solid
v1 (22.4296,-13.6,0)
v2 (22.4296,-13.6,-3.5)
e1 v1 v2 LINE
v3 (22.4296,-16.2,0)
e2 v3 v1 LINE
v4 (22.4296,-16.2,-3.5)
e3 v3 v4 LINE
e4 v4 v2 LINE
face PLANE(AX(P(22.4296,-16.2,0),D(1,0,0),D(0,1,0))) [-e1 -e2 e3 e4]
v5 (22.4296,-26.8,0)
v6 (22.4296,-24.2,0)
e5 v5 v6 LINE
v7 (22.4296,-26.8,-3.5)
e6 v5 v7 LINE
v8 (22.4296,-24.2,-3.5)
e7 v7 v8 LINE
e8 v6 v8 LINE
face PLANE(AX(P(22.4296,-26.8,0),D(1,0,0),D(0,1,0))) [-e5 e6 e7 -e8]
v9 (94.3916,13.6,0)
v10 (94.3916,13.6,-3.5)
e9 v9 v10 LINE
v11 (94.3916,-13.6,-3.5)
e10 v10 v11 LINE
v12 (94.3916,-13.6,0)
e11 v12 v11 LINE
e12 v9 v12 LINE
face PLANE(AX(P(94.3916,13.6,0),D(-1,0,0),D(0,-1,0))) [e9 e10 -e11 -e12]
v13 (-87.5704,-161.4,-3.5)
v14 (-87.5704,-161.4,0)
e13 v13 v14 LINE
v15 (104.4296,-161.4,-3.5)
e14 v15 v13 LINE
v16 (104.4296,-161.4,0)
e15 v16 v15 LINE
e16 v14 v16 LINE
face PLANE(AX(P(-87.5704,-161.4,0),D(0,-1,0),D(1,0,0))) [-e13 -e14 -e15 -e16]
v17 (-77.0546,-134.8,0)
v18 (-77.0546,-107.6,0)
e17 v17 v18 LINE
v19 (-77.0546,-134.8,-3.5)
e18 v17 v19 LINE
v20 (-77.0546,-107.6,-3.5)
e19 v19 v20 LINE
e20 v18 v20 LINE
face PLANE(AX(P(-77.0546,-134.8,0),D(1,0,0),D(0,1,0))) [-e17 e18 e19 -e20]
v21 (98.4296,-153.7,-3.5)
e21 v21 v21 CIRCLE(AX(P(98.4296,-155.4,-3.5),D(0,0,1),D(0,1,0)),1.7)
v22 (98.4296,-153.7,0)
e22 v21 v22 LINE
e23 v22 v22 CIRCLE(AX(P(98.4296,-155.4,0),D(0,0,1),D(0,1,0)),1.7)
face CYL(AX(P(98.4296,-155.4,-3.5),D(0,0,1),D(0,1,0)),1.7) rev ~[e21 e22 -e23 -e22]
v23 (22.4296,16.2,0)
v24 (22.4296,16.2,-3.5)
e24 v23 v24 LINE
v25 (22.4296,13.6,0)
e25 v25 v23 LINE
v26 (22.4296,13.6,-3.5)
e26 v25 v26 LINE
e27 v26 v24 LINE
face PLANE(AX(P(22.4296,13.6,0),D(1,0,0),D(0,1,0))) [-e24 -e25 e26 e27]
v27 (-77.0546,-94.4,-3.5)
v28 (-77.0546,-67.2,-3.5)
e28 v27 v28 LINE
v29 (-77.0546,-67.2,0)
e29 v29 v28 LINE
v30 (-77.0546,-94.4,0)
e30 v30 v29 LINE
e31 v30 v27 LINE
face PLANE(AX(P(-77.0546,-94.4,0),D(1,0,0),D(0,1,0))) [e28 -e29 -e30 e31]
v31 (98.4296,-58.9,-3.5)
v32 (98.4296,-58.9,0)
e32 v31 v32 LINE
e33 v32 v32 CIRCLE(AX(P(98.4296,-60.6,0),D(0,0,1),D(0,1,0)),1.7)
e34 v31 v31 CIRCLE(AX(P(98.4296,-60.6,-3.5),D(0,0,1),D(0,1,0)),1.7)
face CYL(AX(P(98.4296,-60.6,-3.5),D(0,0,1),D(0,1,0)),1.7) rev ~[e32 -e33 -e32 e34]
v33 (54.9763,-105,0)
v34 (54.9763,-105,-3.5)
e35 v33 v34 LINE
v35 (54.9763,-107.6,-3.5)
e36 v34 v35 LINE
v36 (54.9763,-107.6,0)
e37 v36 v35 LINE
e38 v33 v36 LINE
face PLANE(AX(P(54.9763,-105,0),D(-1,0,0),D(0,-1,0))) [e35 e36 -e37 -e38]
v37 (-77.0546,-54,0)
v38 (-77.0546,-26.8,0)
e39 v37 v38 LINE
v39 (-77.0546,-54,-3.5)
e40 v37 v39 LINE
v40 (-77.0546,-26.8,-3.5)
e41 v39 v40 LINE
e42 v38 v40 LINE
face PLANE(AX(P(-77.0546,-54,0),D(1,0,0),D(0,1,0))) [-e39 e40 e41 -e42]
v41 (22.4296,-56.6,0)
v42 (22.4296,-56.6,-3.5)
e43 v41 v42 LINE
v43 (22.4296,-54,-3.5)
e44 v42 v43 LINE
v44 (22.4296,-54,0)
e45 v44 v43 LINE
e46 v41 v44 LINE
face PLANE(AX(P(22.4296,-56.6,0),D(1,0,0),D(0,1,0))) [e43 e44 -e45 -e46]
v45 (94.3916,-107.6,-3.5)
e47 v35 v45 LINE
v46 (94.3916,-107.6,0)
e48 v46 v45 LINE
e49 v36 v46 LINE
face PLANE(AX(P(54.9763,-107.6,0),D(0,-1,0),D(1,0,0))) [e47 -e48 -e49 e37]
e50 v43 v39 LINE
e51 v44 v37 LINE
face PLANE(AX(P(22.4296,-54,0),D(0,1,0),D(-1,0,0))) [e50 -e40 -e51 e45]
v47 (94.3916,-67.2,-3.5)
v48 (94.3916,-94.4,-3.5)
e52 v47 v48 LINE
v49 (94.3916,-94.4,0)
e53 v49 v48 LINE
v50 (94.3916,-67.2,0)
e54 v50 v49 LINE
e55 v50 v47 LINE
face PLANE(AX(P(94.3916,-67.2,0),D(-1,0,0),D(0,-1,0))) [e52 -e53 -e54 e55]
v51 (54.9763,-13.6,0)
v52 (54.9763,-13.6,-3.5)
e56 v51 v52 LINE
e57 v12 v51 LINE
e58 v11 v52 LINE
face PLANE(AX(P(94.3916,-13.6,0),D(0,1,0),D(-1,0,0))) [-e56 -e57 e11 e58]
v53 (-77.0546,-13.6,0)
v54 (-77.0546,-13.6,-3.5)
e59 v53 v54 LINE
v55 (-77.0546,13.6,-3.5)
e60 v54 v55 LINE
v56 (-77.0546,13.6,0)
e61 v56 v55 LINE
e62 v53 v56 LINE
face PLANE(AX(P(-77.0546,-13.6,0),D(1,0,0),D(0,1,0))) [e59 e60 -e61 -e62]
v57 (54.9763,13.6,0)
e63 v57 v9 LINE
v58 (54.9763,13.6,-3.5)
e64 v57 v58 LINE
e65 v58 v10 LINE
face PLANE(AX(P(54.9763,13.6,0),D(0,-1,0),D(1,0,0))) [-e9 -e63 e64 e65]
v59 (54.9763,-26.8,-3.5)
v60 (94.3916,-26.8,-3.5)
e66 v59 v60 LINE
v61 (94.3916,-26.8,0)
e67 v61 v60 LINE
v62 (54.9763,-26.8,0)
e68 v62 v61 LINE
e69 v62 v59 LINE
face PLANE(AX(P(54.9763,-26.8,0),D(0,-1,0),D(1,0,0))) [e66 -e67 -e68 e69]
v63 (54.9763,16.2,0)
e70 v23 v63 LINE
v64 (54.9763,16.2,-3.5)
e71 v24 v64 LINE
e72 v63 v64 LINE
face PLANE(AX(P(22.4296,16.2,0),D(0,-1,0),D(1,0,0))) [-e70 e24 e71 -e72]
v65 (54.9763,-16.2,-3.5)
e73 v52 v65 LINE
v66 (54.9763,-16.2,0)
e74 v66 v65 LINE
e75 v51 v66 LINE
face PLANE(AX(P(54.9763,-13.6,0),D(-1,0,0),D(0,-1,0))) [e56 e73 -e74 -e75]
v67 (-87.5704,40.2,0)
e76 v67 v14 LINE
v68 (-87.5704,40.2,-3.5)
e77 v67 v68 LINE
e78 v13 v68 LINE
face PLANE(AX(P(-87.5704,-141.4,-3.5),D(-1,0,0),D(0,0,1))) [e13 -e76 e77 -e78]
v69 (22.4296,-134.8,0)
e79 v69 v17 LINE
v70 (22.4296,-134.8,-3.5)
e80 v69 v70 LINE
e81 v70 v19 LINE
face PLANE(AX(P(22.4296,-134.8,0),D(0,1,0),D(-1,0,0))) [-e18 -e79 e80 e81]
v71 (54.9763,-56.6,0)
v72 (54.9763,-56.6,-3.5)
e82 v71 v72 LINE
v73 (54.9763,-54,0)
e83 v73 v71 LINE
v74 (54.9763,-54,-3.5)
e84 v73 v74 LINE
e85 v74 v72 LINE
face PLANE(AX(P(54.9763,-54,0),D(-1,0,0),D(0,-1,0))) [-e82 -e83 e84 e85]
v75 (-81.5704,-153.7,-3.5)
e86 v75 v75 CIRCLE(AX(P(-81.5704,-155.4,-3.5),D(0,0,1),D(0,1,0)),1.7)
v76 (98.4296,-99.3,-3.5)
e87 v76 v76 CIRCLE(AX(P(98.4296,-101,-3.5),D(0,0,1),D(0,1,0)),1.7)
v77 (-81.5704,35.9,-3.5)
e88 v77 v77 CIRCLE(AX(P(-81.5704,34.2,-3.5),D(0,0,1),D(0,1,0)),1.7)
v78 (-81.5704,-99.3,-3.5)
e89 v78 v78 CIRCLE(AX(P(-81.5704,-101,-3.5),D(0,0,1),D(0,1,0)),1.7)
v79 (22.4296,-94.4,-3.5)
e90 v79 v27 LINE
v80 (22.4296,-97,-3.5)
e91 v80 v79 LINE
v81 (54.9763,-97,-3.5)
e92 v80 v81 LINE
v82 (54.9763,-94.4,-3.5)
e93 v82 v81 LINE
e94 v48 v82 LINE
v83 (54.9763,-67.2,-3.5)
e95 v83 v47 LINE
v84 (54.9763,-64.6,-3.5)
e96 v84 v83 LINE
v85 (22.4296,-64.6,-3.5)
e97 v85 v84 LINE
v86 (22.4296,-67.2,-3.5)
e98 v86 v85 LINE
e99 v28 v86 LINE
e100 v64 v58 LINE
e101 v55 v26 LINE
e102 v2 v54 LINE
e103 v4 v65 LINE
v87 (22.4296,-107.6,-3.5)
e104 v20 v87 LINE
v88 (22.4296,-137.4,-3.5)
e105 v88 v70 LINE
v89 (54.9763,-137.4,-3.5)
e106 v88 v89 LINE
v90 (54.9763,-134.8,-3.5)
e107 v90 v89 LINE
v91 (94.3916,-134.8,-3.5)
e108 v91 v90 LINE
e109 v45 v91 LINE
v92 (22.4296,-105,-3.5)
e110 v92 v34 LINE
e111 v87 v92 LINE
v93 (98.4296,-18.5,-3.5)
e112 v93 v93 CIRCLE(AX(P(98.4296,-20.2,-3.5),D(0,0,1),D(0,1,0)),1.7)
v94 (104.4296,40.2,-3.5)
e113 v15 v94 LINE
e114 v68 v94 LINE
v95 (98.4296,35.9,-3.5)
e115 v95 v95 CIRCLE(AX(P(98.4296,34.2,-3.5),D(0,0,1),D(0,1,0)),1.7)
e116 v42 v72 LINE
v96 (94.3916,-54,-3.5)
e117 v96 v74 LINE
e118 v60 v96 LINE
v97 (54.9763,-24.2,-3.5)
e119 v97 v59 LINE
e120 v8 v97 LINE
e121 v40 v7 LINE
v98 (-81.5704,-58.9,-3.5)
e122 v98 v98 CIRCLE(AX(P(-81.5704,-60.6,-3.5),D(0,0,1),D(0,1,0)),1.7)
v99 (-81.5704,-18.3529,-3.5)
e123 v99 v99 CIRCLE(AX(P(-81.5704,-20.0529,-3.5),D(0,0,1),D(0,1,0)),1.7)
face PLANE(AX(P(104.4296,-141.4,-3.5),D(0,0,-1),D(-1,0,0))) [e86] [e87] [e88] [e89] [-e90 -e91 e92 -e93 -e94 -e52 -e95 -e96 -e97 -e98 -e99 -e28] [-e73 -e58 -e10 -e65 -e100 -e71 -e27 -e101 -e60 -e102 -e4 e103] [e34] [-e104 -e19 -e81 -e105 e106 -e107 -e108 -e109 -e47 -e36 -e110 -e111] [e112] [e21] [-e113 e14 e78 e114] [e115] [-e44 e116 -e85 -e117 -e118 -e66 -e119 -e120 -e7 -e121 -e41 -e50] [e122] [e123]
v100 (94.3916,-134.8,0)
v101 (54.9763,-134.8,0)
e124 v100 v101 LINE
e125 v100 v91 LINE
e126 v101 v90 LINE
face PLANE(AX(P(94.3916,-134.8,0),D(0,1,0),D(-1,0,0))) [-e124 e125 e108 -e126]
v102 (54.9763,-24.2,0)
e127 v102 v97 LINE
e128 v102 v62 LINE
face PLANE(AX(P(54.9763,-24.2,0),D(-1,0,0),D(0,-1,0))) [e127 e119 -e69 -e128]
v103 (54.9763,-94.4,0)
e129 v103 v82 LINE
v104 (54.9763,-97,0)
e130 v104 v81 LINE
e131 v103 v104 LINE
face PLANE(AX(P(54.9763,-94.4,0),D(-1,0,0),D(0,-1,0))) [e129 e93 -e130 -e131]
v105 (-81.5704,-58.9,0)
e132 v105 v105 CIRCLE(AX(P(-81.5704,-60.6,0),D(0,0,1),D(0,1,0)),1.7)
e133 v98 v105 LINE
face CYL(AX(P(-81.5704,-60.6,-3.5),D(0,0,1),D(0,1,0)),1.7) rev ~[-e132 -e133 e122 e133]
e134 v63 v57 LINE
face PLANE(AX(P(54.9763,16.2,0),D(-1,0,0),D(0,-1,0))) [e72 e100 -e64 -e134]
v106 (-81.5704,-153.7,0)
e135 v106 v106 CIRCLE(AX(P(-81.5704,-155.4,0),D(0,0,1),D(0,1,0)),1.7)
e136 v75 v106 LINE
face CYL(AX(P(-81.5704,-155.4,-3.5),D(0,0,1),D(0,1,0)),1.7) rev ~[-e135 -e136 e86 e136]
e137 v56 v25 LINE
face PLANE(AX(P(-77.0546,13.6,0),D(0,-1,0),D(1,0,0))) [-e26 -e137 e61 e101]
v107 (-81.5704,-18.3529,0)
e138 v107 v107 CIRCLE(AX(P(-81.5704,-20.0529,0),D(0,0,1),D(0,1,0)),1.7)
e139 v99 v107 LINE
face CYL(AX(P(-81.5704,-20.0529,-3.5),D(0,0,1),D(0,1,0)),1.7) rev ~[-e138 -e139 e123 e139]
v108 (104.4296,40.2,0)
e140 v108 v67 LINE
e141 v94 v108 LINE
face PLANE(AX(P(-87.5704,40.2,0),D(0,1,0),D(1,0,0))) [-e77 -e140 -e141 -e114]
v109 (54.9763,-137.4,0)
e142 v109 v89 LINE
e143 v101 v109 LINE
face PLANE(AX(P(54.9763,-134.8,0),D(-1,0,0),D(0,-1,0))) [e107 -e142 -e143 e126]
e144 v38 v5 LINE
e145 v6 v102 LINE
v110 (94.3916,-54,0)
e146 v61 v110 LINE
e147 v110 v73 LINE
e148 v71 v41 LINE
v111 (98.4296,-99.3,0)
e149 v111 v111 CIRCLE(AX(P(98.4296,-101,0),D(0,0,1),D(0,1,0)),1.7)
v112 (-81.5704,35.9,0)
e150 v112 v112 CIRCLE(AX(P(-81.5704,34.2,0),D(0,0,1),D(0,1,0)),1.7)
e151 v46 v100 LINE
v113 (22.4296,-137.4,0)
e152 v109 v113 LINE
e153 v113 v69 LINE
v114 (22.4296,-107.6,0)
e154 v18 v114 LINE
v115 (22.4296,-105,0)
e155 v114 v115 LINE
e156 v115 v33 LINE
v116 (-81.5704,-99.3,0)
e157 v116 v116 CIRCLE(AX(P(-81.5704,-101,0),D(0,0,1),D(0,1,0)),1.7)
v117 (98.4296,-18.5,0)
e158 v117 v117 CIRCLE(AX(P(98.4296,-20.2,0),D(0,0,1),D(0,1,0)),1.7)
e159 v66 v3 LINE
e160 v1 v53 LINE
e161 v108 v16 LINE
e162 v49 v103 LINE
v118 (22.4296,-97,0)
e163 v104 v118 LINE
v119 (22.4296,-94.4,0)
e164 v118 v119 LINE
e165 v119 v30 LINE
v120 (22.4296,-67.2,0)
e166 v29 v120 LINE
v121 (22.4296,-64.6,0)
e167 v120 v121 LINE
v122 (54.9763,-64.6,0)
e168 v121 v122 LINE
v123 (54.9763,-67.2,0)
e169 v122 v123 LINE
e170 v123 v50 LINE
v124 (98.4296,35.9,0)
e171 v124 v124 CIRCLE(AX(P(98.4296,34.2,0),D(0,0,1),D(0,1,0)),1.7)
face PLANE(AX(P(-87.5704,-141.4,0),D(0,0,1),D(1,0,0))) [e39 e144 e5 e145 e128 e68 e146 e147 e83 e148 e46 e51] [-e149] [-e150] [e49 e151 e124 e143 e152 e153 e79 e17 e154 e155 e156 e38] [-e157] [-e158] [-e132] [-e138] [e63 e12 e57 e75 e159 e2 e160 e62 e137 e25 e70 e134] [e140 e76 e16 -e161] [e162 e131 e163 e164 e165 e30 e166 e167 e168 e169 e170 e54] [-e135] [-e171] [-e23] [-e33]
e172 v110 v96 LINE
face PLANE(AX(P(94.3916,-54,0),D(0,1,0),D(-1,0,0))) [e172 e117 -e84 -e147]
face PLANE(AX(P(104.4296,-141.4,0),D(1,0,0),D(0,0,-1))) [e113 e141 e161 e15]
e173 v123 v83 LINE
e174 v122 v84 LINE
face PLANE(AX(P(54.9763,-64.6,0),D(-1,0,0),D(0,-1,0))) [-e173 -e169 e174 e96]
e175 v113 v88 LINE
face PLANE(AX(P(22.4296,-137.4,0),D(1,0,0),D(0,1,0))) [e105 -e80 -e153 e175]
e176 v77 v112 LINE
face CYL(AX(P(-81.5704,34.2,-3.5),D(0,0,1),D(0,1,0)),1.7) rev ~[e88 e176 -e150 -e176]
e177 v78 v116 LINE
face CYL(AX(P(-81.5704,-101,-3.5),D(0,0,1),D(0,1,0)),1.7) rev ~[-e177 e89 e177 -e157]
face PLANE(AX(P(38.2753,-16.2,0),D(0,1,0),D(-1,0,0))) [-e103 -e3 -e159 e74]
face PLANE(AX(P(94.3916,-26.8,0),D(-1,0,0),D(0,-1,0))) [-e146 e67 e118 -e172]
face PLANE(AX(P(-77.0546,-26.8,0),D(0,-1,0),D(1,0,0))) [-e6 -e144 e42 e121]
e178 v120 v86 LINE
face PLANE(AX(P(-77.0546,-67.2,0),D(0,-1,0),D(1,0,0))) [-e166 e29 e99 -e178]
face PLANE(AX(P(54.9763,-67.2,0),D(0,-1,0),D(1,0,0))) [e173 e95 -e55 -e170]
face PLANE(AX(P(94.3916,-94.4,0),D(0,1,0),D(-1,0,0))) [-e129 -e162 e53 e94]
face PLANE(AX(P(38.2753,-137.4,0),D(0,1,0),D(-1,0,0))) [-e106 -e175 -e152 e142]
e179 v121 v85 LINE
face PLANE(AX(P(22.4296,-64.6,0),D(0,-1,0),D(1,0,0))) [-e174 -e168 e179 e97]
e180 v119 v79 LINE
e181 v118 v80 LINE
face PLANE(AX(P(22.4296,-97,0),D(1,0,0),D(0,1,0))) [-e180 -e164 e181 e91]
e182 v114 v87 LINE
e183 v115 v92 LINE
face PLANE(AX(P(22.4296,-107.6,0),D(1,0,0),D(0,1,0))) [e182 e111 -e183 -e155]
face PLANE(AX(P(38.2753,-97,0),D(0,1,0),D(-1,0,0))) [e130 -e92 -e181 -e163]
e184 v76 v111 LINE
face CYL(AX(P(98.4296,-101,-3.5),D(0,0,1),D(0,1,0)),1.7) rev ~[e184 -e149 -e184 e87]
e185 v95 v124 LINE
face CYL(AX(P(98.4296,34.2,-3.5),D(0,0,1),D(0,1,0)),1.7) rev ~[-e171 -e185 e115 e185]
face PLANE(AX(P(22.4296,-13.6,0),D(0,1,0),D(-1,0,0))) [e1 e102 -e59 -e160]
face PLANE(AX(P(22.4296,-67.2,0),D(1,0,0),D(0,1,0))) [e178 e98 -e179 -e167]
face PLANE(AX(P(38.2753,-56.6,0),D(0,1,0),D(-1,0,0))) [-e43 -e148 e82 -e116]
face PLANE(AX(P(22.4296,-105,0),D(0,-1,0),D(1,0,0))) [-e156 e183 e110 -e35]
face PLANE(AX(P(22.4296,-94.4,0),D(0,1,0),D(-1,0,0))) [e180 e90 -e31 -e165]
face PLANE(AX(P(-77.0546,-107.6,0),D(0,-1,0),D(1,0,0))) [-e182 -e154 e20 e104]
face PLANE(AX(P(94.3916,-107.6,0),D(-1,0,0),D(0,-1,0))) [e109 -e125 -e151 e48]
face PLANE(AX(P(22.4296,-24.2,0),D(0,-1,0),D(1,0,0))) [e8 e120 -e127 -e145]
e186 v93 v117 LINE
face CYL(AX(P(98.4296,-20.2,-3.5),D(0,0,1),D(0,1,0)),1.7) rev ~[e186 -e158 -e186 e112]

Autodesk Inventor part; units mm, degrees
ref_plane "YZ Plane" through (0, 0, 0) normal (1, 0, 0) x (0, 1, 0)
ref_plane "XZ Plane" through (0, 0, 0) normal (0, 1, 0) x (-1, 0, 0)
ref_plane "XY Plane" through (0, 0, 0) normal (0, 0, 1) x (1, 0, 0)
sketch "Sketch1" plane through (0, 0, 0) normal (0, 0, 1) x (1, 0, 0)
  line L0 (93.3916, -12.6) -> (93.3916, 12.6)
  line L1 (53.9763, -12.6) -> (93.3916, -12.6)
  line L2 (53.9763, -15.2) -> (53.9763, -12.6)
  line L3 (38.2753, -15.2) -> (53.9763, -15.2)
  line L4 (38.2753, -15.2) -> (23.4296, -15.2)
  line L5 (23.4296, -12.6) -> (23.4296, -15.2)
  line L6 (-76.0546, -12.6) -> (23.4296, -12.6)
  line L7 (23.4296, 12.6) -> (-76.0546, 12.6)
  line L8 (23.4296, 15.2) -> (23.4296, 12.6)
  line L9 (-76.0546, 12.6) -> (-76.0546, -12.6)
  line L10 (-70.1, 10) -> (-66.9, 10)
  line L11 (-66.9, -10) -> (-70.1, -10)
  line L12 (23.4296, 15.2) -> (53.9763, 15.2)
  line L13 (53.9763, 15.2) -> (53.9763, 12.6)
  line L14 (53.9763, 12.6) -> (93.3916, 12.6)
  line L15 (-77.0546, 13.6) -> (22.4296, 13.6)
  line L16 (22.4296, 13.6) -> (22.4296, 16.2)
  line L17 (22.4296, 16.2) -> (54.9763, 16.2)
  line L18 (54.9763, 16.2) -> (54.9763, 13.6)
  line L19 (54.9763, 13.6) -> (94.3916, 13.6)
  line L20 (94.3916, 13.6) -> (94.3916, -13.6)
  line L21 (94.3916, -13.6) -> (54.9763, -13.6)
  line L22 (54.9763, -13.6) -> (54.9763, -16.2)
  line L23 (54.9763, -16.2) -> (38.2753, -16.2)
  line L24 (38.2753, -16.2) -> (22.4296, -16.2)
  line L25 (22.4296, -16.2) -> (22.4296, -13.6)
  line L26 (22.4296, -13.6) -> (-77.0546, -13.6)
  line L27 (-77.0546, -13.6) -> (-77.0546, 13.6)
  line L28 (22.4296, -16.2) -> (22.4296, -20.2) construction
  line L29 (22.4296, -20.2) -> (-87.5704, -20.2)
  line L30 (-87.5704, -20.2) -> (-87.5704, 20.2)
  line L31 (-87.5704, 20.2) -> (22.4296, 20.2)
  line L32 (104.4296, -20.2) -> (22.4296, -20.2)
  line L33 (22.4296, 20.2) -> (104.4296, 20.2)
  line L34 (104.4296, 20.2) -> (104.4296, -20.2)
  dimension "d0" = 1
  dimension "d1" = 4
  dimension "d2" = 110
  dimension "d3" = 40.4
  dimension "d5" = 82
extrude "Extrusion1" add sketch "Sketch1" against normal blind 3.5 contours L29 L30 L31 L33 L34 L32
pattern_linear "Rectangular Pattern1" count 4 spacing 40.4 along (0, -1, 0)
sketch "Sketch2" plane through (-87.5704, 20.2, 0) normal (0, 1, 0) x (1, 0, 0)
  line L0 (192, 3.5) -> (192, 0) projected
  line L1 (192, 0) -> (0, 0) projected
  line L2 (0, 0) -> (0, 3.5) projected
  line L3 (0, 3.5) -> (192, 3.5) projected
  point P0 (87.5704, 0)
extrude "Extrusion2" add sketch "Sketch2" along normal blind 20
sketch "Sketch3" plane through (-87.5704, -141.4, 0) normal (0, -1, 0) x (1, 0, 0)
  line L0 (192, 0) -> (192, -3.5) projected
  line L1 (192, -3.5) -> (0, -3.5) projected
  line L2 (0, -3.5) -> (0, 0) projected
  line L3 (0, 0) -> (192, 0) projected
  point P0 (87.5704, 0)
extrude "Extrusion3" add sketch "Sketch3" along normal blind 20
sketch "Sketch4" plane through (0, 0, -3.5) normal (0, 0, -1) x (-1, 0, 0)
  line L0 (87.5704, -161.4) -> (-104.4296, -161.4) projected
  line L1 (87.5704, -161.4) -> (81.5704, -161.4)
  line L2 (81.5704, -161.4) -> (81.5704, 40.2)
  line L3 (-104.4296, 40.2) -> (87.5704, 40.2) projected
  line L4 (81.5704, -161.4) -> (81.5704, -155.4)
  line L5 (81.5704, 40.2) -> (81.5704, 34.2)
  line L6 (77.0546, -107.6) -> (-22.4296, -107.6) projected
  line L7 (77.0546, -67.2) -> (77.0546, -94.4) projected
  line L8 (77.0546, -107.6) -> (77.0546, -94.4)
  line L9 (77.0546, -101) -> (81.5704, -101)
  line L10 (77.0546, -67.2) -> (77.0546, -53.8327)
  line L11 (77.0546, -60.5163) -> (81.5704, -60.6)
  line L12 (77.0546, -54) -> (77.0546, -26.8) projected
  line L13 (77.0546, -26.8) -> (77.0546, -13.3059)
  line L14 (77.0546, -20.0529) -> (81.5704, -20.0529)
  line L15 (-94.3916, -107.6) -> (-54.9763, -107.6) projected
  line L16 (-94.3916, -67.2) -> (-94.3916, -94.4) projected
  line L17 (-94.3916, -107.6) -> (-94.3916, -94.4)
  line L18 (-54.9763, -54) -> (-94.3916, -54) projected
  line L19 (-94.3916, -67.2) -> (-94.3916, -54)
  line L20 (-54.9763, -13.6) -> (-94.3916, -13.6) projected
  line L21 (-94.3916, -13.6) -> (-94.3916, 13.6) projected
  line L22 (-94.3916, -13.6) -> (-94.3916, 13.6)
  line L23 (-104.4296, -161.4) -> (-98.4296, -161.4)
  line L24 (-98.4296, -161.4) -> (-98.4296, 40.2)
  line L25 (-94.3916, -101) -> (-98.4296, -101)
  line L26 (-94.3916, -60.6) -> (-98.4296, -60.6)
  line L27 (-94.3916, -26.8) -> (-94.3916, -13.6)
  line L28 (-94.3916, -20.2) -> (-98.4296, -20.2)
  line L29 (-98.4296, 40.2) -> (-98.4296, 34.2)
  line L30 (-98.4296, -161.4) -> (-98.4296, -155.4)
  point P0 (0, 0)
  dimension "d15" = 6
  dimension "d16" = 6
  dimension "d17" = 6
  dimension "d18" = 6
  dimension "d19" = 6
  dimension "d20" = 6
hole "Hole1" at (98.4296, -155.4, -3.5) at (98.4296, -155.4, -3.5) at (98.4296, -101, -3.5) at (98.4296, -60.6, -3.5) at (98.4296, -20.2, -3.5) at (98.4296, 34.2, -3.5) at (-81.5704, 34.2, -3.5) at (-81.5704, -20.0529, -3.5) at (-81.5704, -60.6, -3.5) at (-81.5704, -101, -3.5) at (-81.5704, -155.4, -3.5) direction (0, 0, 1) diameter 3.4 end through all clearance for "Flat Head Machine Screw" size "M3" standard "Ansi Metric M Profile"
properties part number "UnderPlate-4x1"
